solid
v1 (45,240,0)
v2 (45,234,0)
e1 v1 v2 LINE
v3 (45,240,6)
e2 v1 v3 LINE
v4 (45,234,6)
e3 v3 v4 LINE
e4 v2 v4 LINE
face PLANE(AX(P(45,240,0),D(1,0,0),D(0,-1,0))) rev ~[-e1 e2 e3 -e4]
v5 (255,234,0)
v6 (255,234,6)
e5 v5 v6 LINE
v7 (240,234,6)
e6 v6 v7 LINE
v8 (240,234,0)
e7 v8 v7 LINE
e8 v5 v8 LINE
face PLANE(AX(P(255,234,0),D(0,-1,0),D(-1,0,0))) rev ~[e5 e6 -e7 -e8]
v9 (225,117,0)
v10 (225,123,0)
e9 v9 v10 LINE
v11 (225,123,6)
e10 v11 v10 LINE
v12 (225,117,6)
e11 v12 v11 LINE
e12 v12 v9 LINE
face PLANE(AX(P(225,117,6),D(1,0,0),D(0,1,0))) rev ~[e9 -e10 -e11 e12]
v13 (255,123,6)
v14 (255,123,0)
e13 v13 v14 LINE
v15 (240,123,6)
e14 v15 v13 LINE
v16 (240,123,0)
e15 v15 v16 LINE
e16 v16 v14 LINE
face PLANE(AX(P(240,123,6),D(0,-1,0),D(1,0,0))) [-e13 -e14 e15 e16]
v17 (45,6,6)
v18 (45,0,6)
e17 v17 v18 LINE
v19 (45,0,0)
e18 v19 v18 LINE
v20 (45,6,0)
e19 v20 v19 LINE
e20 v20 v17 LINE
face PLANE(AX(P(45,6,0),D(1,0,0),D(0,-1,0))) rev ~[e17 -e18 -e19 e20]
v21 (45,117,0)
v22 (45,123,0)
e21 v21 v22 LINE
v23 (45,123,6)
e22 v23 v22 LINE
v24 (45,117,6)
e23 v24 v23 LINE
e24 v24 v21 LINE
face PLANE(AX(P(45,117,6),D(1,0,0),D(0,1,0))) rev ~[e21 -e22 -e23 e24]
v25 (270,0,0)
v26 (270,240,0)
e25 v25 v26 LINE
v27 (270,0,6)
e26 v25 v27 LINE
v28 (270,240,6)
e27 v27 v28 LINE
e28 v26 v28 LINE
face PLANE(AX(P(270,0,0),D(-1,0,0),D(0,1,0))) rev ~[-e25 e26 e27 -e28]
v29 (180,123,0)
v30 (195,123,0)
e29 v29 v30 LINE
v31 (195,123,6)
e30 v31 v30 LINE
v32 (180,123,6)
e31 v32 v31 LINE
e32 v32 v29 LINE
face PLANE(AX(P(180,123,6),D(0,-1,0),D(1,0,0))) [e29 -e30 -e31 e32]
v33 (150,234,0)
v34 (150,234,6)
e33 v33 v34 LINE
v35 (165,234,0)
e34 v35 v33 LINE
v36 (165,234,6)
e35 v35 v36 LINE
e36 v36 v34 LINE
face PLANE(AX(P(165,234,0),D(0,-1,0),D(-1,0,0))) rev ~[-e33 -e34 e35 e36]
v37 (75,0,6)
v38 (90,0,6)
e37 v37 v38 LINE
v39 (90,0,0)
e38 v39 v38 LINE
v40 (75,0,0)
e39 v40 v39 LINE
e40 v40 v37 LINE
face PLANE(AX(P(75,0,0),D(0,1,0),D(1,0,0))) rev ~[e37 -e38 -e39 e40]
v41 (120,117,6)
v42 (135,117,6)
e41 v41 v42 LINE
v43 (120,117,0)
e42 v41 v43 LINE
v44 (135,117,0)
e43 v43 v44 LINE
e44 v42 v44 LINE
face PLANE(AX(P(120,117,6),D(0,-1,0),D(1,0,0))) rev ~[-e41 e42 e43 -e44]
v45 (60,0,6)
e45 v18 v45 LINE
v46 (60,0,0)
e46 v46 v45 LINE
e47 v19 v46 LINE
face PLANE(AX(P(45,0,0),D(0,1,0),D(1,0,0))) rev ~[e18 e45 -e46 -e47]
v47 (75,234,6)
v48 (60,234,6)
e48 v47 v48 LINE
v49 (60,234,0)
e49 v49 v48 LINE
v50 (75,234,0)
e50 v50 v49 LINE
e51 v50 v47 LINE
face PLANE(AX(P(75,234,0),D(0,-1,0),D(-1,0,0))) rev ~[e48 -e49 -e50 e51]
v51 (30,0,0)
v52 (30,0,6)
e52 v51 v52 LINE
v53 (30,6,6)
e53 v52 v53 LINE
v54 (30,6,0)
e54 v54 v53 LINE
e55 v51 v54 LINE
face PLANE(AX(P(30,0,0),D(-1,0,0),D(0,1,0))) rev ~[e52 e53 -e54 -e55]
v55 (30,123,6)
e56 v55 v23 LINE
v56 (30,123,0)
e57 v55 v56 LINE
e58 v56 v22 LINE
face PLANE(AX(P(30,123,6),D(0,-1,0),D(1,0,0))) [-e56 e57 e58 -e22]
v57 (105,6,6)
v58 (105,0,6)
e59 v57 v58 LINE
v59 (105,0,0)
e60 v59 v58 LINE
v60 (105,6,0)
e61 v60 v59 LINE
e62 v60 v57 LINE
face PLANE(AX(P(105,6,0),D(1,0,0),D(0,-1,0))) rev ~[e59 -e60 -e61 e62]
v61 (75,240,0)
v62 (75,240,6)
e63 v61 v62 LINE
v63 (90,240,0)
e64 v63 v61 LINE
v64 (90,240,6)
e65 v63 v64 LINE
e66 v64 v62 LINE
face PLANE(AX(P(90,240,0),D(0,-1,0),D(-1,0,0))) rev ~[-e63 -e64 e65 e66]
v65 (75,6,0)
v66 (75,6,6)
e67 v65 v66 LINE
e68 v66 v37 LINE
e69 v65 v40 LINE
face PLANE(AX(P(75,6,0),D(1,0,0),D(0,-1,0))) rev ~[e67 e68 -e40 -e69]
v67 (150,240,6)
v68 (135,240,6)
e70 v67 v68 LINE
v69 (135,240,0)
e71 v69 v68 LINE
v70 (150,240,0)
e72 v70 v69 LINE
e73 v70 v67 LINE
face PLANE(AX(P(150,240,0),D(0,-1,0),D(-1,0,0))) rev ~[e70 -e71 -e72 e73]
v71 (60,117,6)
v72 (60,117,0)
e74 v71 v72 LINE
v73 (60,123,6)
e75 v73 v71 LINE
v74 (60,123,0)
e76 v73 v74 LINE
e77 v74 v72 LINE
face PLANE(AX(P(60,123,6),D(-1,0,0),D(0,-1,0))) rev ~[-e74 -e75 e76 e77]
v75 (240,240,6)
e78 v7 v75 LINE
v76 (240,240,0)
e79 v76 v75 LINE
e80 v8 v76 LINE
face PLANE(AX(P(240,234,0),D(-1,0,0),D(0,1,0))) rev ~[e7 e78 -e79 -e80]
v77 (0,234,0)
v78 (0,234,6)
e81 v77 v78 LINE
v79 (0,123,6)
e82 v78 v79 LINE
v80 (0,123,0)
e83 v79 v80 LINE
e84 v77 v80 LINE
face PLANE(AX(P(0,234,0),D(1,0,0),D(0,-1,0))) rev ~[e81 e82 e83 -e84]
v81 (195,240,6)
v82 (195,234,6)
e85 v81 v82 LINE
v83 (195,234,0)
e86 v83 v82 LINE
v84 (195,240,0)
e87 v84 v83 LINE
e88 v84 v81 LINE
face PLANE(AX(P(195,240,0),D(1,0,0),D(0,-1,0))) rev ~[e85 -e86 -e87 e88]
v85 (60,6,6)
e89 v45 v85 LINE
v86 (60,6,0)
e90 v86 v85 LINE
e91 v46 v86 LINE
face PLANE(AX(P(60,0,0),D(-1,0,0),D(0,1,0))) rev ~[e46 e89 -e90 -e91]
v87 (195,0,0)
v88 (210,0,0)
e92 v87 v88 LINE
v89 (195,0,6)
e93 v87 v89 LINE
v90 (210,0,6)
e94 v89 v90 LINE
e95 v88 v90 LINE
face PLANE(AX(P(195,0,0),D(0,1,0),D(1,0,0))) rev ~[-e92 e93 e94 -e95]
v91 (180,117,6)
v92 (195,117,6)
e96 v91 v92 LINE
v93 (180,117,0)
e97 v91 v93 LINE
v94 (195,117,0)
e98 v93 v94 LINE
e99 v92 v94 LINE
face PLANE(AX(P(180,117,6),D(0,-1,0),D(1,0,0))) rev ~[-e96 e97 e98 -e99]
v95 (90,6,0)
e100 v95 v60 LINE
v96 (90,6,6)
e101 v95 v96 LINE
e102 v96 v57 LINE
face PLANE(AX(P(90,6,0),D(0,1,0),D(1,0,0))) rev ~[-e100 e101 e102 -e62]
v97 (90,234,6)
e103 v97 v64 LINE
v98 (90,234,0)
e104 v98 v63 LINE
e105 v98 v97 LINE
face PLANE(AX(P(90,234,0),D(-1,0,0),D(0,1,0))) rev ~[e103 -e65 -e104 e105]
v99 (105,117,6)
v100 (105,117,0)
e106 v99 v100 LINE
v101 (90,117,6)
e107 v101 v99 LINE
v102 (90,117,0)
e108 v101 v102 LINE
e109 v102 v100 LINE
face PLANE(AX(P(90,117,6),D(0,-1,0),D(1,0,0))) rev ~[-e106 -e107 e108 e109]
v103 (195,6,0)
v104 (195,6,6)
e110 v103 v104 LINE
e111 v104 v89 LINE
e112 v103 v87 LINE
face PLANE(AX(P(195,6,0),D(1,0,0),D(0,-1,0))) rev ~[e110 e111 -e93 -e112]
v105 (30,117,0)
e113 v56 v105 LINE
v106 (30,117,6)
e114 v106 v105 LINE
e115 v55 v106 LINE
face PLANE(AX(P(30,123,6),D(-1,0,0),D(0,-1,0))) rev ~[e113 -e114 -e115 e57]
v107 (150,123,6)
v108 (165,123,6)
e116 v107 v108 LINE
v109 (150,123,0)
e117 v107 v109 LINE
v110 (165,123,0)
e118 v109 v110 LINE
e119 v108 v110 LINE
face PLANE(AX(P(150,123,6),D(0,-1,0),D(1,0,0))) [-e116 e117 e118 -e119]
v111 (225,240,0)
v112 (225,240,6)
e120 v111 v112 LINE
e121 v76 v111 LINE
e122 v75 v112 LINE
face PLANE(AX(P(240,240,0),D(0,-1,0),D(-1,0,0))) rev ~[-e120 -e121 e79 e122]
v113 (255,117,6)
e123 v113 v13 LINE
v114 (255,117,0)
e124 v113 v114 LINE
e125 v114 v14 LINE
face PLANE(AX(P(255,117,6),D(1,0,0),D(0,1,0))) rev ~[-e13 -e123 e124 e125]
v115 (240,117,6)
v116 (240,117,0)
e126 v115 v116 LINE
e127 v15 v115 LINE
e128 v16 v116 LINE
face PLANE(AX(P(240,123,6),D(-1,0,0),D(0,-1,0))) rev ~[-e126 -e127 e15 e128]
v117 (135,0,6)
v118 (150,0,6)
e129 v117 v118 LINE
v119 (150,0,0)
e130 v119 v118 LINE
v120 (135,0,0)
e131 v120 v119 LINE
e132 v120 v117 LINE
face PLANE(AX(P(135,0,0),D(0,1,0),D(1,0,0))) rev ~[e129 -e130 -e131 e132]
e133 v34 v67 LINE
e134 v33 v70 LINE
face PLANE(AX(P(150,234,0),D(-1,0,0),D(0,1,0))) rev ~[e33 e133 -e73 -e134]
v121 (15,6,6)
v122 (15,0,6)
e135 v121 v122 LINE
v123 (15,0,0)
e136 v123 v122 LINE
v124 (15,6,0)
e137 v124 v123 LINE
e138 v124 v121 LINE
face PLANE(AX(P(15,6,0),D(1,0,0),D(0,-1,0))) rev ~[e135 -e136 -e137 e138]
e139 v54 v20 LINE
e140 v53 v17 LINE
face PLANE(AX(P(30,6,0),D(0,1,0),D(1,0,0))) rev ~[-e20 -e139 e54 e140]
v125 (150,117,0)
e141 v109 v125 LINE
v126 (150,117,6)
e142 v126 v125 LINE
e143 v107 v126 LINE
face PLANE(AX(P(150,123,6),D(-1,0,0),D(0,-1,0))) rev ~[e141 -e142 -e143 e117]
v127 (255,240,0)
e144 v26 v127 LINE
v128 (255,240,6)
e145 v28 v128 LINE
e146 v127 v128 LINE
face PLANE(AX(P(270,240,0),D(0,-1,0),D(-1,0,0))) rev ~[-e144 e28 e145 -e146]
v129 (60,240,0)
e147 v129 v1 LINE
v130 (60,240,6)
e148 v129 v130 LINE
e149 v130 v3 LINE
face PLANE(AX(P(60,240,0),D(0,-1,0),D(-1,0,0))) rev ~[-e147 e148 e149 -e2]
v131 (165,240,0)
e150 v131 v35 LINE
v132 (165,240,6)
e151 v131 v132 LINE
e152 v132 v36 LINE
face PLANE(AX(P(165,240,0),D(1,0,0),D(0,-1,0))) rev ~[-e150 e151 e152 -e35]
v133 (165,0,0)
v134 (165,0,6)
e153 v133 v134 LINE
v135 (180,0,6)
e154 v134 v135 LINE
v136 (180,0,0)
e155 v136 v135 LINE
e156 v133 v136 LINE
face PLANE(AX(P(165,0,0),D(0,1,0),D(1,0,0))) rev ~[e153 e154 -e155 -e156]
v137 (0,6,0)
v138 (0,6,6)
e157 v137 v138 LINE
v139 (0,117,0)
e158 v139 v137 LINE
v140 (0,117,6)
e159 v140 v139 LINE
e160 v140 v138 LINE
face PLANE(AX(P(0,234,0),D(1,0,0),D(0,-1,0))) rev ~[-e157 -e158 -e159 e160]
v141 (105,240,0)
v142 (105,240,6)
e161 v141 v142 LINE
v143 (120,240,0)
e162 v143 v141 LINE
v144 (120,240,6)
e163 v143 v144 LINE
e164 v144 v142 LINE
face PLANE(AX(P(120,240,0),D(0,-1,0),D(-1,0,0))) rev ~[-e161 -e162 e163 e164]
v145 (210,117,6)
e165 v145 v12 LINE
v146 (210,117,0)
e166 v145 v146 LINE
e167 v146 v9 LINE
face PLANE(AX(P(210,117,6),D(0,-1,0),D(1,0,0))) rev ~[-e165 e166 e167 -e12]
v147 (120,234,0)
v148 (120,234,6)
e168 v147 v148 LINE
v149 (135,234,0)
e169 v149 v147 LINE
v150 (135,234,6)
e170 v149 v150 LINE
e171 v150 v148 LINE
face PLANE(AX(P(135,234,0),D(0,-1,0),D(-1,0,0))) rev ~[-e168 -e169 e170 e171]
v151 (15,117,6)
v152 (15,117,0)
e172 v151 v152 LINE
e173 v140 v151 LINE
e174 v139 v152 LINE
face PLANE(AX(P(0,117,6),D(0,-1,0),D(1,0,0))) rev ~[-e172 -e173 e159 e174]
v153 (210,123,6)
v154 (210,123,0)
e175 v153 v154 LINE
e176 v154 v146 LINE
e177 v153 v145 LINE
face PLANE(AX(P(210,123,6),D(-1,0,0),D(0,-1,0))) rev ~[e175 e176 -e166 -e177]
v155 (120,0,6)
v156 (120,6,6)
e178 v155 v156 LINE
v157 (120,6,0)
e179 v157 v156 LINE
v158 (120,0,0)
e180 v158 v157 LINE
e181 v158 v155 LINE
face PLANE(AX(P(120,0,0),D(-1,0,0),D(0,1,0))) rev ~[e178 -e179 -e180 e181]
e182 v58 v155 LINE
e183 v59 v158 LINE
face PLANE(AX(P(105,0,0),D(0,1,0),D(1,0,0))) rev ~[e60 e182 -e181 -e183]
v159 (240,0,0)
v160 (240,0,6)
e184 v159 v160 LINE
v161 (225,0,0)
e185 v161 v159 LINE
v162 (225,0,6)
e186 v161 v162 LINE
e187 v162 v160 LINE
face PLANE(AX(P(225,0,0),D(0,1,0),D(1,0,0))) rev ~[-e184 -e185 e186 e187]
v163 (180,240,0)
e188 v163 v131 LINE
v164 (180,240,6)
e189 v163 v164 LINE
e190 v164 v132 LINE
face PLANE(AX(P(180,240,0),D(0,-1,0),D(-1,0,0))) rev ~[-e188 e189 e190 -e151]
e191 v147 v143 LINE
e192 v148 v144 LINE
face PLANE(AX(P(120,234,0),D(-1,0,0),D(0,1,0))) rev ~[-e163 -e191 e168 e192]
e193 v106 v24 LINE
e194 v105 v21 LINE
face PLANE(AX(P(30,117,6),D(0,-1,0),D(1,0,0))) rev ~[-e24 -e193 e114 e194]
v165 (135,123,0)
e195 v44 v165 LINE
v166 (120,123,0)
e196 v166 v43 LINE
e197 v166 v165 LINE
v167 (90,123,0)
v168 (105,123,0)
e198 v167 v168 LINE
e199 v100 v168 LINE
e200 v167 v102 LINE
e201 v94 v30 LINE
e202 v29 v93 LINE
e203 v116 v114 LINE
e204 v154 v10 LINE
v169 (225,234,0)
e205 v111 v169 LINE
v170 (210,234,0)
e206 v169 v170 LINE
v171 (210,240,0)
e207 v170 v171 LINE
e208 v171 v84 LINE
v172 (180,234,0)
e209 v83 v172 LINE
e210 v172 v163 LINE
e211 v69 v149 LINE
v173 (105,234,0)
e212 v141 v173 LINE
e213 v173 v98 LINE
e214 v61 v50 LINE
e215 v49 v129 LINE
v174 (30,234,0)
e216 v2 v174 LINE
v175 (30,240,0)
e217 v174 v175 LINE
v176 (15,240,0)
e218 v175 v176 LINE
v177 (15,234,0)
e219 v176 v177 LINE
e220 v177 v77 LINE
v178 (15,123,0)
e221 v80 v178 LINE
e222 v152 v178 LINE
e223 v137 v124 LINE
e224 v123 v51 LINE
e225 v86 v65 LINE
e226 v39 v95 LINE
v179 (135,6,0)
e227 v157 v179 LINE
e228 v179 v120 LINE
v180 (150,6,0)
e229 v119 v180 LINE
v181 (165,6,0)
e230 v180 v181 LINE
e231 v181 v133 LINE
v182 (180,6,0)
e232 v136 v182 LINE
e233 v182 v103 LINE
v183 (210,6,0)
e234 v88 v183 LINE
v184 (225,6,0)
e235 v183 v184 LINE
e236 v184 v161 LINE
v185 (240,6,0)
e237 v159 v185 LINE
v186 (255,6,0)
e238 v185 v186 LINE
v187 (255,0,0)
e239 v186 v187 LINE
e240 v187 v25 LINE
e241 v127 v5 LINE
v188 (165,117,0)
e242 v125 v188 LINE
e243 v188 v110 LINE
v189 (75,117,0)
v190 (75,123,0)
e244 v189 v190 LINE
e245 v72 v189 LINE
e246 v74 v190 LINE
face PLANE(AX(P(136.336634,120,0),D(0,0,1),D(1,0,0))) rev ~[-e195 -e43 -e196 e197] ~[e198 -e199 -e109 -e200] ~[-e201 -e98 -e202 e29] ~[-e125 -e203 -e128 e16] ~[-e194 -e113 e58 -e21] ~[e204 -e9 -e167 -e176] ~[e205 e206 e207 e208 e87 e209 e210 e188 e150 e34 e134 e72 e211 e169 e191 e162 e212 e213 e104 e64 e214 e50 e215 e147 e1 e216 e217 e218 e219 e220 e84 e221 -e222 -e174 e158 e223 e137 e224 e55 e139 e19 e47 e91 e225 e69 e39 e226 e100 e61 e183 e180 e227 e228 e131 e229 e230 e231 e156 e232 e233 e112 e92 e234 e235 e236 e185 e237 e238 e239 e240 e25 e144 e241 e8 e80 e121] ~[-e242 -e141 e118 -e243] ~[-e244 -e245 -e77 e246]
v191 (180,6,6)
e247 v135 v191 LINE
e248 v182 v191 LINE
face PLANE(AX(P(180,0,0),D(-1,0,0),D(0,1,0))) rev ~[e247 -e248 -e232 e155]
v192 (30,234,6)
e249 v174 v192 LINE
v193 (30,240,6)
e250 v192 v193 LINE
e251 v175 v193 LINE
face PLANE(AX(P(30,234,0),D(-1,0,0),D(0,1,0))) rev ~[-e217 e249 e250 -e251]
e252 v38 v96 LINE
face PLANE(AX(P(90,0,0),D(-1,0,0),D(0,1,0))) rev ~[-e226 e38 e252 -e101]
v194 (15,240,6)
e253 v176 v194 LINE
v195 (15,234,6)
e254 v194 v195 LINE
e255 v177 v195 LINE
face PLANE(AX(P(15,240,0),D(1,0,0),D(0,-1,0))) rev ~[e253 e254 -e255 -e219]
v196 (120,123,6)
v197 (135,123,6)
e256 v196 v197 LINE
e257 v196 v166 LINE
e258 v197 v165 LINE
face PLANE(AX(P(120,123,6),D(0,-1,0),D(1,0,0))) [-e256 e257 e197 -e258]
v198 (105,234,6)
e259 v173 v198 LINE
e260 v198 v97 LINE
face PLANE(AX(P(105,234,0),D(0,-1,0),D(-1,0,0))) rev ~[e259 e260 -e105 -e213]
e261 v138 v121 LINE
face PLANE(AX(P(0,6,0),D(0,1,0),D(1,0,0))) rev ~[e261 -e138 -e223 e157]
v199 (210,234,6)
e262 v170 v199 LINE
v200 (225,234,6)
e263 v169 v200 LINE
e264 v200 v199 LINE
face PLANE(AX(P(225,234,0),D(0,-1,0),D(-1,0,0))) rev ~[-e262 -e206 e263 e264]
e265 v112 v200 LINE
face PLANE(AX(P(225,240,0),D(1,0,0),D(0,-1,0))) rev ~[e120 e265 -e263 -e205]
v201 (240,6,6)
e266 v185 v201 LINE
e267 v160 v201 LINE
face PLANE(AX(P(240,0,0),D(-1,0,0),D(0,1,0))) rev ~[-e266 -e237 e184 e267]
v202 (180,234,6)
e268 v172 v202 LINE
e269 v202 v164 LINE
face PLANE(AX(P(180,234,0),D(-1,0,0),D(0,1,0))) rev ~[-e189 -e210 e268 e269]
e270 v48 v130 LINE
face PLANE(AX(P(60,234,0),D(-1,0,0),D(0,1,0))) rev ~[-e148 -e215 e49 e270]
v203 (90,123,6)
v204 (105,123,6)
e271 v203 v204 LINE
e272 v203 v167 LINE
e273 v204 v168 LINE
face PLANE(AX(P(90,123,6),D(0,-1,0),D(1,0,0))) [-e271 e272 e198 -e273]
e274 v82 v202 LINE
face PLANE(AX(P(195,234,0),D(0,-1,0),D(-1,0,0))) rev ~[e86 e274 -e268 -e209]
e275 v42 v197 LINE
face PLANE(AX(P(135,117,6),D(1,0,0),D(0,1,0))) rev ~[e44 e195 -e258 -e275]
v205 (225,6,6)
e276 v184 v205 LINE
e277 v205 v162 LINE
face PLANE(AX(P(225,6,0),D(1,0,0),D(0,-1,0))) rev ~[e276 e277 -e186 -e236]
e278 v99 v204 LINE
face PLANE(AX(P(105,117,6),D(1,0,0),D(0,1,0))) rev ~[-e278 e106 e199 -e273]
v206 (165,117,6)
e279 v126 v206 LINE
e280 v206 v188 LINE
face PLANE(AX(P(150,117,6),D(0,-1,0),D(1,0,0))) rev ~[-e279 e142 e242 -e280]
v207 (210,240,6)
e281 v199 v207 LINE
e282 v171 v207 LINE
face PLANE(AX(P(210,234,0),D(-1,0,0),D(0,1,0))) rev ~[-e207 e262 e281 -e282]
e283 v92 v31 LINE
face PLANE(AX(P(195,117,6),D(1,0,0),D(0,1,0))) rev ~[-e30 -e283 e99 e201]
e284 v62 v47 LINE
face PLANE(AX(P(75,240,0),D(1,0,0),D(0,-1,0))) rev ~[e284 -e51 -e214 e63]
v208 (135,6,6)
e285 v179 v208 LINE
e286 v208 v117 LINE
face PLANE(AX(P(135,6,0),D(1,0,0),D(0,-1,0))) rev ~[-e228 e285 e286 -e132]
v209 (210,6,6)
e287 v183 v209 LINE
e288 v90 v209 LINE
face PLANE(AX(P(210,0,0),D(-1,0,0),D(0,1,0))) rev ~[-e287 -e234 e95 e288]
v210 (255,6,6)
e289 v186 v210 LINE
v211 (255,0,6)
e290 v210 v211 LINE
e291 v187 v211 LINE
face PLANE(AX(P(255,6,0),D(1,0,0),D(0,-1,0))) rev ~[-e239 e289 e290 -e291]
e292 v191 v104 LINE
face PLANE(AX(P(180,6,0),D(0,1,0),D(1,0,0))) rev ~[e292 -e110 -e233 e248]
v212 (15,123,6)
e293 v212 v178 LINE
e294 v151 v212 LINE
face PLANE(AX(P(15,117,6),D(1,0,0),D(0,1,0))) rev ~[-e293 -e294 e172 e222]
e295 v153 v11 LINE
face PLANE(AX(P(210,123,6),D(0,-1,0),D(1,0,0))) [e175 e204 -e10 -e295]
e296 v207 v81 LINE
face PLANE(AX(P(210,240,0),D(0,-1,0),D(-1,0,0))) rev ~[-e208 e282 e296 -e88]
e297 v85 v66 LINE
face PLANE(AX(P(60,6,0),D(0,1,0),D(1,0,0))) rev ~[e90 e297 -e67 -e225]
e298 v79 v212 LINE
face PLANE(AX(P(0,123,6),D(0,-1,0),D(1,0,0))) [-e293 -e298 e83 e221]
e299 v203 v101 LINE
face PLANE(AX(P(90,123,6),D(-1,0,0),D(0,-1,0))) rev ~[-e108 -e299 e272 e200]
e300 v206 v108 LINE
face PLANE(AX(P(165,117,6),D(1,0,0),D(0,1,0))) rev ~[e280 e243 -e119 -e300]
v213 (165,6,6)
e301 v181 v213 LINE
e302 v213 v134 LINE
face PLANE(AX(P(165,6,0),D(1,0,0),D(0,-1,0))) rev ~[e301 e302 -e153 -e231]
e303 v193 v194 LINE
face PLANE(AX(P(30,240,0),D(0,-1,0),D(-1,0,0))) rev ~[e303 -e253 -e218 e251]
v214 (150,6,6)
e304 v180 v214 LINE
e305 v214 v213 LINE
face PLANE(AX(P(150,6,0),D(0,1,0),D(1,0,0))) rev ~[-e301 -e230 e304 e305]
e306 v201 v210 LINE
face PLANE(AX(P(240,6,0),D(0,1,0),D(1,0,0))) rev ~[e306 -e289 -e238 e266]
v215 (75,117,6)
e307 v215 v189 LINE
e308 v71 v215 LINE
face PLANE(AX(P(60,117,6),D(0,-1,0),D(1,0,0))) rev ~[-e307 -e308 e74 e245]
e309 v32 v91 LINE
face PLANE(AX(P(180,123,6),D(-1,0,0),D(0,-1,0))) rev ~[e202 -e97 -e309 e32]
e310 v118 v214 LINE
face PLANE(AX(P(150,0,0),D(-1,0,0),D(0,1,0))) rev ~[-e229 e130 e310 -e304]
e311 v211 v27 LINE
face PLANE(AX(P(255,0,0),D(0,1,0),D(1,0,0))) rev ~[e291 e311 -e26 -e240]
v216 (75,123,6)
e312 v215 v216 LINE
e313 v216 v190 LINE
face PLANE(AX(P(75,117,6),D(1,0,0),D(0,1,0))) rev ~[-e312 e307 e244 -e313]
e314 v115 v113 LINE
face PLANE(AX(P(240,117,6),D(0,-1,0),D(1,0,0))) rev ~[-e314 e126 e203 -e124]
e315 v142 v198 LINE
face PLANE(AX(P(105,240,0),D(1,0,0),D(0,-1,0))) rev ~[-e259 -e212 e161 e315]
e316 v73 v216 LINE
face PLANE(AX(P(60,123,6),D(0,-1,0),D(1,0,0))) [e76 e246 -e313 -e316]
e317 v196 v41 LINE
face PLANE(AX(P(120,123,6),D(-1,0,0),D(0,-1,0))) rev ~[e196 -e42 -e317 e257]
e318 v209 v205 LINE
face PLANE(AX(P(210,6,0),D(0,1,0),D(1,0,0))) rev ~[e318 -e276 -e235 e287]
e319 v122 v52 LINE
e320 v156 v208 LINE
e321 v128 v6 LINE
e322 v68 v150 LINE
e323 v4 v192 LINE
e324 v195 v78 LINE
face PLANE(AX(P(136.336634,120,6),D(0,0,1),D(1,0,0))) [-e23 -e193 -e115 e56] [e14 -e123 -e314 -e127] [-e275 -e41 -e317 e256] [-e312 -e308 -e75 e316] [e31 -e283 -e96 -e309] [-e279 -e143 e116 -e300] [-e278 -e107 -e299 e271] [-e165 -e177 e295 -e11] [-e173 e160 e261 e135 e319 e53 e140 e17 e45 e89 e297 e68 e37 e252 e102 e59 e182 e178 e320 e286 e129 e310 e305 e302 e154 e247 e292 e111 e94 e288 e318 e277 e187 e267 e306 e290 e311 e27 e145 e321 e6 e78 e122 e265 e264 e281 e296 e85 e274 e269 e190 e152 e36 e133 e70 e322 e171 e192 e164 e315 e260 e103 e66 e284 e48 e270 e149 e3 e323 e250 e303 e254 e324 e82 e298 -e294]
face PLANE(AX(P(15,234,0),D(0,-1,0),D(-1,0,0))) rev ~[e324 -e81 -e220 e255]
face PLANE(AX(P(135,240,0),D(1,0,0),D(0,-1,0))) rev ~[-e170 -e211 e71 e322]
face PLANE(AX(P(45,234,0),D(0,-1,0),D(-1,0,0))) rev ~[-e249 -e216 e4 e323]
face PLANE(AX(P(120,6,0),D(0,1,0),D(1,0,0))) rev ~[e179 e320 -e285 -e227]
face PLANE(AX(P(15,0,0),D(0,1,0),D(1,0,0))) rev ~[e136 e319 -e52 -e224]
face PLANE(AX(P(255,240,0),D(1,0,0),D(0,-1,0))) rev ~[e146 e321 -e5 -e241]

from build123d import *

# Parameters (mm, degrees)
F1_DEPTH = 6
F2_W     = 15
F2_H     = 3
F3_DEPTH = 6.001


with BuildPart() as f1:
    # F0 (on Top) → F1 (new body)
    with BuildSketch(Plane.XY):
        Polygon((15, 6), (15, 0), (30, 0), (30, 6), (45, 6), (45, 0), (60, 0), (60, 6), (75, 6), (75, 0), (90, 0), (90, 6), (105, 6), (105, 0), (120, 0), (120, 6), (135, 6), (135, 0), (150, 0), (150, 6), (165, 6), (165, 0), (180, 0), (180, 6), (195, 6), (195, 0), (210, 0), (210, 6), (225, 6), (225, 0), (240, 0), (240, 6), (255, 6), (255, 0), (270, 0), (270, 240), (255, 240), (255, 234), (240, 234), (240, 240), (225, 240), (225, 234), (210, 234), (210, 240), (195, 240), (195, 234), (180, 234), (180, 240), (165, 240), (165, 234), (150, 234), (150, 240), (135, 240), (135, 234), (120, 234), (120, 240), (105, 240), (105, 234), (90, 234), (90, 240), (75, 240), (75, 234), (60, 234), (60, 240), (45, 240), (45, 234), (30, 234), (30, 240), (15, 240), (15, 234), (0, 234), (0, 6), align=None)
    extrude(amount=F1_DEPTH)

    # F2 (on face) → F3 (cut, through all)
    with BuildSketch(Plane.XY.offset(6)):
        with Locations((7.5, 121.5)):
            Rectangle(F2_W, F2_H)
        with Locations((7.5, 118.5)):
            Rectangle(F2_W, F2_H)
        with Locations((37.5, 121.5)):
            Rectangle(F2_W, F2_H)
        with Locations((37.5, 118.5)):
            Rectangle(F2_W, F2_H)
        with Locations((67.5, 121.5)):
            Rectangle(F2_W, F2_H)
        with Locations((67.5, 118.5)):
            Rectangle(F2_W, F2_H)
        with Locations((97.5, 121.5)):
            Rectangle(F2_W, F2_H)
        with Locations((97.5, 118.5)):
            Rectangle(F2_W, F2_H)
        with Locations((127.5, 121.5)):
            Rectangle(F2_W, F2_H)
        with Locations((127.5, 118.5)):
            Rectangle(F2_W, F2_H)
        with Locations((157.5, 121.5)):
            Rectangle(F2_W, F2_H)
        with Locations((157.5, 118.5)):
            Rectangle(F2_W, F2_H)
        with Locations((187.5, 121.5)):
            Rectangle(F2_W, F2_H)
        with Locations((187.5, 118.5)):
            Rectangle(F2_W, F2_H)
        with Locations((247.5, 121.5)):
            Rectangle(F2_W, F2_H)
        with Locations((247.5, 118.5)):
            Rectangle(F2_W, F2_H)
        with Locations((217.5, 118.5)):
            Rectangle(F2_W, F2_H)
        with Locations((217.5, 121.5)):
            Rectangle(F2_W, F2_H)
    extrude(amount=-F3_DEPTH, mode=Mode.SUBTRACT)


solid = f1.part
